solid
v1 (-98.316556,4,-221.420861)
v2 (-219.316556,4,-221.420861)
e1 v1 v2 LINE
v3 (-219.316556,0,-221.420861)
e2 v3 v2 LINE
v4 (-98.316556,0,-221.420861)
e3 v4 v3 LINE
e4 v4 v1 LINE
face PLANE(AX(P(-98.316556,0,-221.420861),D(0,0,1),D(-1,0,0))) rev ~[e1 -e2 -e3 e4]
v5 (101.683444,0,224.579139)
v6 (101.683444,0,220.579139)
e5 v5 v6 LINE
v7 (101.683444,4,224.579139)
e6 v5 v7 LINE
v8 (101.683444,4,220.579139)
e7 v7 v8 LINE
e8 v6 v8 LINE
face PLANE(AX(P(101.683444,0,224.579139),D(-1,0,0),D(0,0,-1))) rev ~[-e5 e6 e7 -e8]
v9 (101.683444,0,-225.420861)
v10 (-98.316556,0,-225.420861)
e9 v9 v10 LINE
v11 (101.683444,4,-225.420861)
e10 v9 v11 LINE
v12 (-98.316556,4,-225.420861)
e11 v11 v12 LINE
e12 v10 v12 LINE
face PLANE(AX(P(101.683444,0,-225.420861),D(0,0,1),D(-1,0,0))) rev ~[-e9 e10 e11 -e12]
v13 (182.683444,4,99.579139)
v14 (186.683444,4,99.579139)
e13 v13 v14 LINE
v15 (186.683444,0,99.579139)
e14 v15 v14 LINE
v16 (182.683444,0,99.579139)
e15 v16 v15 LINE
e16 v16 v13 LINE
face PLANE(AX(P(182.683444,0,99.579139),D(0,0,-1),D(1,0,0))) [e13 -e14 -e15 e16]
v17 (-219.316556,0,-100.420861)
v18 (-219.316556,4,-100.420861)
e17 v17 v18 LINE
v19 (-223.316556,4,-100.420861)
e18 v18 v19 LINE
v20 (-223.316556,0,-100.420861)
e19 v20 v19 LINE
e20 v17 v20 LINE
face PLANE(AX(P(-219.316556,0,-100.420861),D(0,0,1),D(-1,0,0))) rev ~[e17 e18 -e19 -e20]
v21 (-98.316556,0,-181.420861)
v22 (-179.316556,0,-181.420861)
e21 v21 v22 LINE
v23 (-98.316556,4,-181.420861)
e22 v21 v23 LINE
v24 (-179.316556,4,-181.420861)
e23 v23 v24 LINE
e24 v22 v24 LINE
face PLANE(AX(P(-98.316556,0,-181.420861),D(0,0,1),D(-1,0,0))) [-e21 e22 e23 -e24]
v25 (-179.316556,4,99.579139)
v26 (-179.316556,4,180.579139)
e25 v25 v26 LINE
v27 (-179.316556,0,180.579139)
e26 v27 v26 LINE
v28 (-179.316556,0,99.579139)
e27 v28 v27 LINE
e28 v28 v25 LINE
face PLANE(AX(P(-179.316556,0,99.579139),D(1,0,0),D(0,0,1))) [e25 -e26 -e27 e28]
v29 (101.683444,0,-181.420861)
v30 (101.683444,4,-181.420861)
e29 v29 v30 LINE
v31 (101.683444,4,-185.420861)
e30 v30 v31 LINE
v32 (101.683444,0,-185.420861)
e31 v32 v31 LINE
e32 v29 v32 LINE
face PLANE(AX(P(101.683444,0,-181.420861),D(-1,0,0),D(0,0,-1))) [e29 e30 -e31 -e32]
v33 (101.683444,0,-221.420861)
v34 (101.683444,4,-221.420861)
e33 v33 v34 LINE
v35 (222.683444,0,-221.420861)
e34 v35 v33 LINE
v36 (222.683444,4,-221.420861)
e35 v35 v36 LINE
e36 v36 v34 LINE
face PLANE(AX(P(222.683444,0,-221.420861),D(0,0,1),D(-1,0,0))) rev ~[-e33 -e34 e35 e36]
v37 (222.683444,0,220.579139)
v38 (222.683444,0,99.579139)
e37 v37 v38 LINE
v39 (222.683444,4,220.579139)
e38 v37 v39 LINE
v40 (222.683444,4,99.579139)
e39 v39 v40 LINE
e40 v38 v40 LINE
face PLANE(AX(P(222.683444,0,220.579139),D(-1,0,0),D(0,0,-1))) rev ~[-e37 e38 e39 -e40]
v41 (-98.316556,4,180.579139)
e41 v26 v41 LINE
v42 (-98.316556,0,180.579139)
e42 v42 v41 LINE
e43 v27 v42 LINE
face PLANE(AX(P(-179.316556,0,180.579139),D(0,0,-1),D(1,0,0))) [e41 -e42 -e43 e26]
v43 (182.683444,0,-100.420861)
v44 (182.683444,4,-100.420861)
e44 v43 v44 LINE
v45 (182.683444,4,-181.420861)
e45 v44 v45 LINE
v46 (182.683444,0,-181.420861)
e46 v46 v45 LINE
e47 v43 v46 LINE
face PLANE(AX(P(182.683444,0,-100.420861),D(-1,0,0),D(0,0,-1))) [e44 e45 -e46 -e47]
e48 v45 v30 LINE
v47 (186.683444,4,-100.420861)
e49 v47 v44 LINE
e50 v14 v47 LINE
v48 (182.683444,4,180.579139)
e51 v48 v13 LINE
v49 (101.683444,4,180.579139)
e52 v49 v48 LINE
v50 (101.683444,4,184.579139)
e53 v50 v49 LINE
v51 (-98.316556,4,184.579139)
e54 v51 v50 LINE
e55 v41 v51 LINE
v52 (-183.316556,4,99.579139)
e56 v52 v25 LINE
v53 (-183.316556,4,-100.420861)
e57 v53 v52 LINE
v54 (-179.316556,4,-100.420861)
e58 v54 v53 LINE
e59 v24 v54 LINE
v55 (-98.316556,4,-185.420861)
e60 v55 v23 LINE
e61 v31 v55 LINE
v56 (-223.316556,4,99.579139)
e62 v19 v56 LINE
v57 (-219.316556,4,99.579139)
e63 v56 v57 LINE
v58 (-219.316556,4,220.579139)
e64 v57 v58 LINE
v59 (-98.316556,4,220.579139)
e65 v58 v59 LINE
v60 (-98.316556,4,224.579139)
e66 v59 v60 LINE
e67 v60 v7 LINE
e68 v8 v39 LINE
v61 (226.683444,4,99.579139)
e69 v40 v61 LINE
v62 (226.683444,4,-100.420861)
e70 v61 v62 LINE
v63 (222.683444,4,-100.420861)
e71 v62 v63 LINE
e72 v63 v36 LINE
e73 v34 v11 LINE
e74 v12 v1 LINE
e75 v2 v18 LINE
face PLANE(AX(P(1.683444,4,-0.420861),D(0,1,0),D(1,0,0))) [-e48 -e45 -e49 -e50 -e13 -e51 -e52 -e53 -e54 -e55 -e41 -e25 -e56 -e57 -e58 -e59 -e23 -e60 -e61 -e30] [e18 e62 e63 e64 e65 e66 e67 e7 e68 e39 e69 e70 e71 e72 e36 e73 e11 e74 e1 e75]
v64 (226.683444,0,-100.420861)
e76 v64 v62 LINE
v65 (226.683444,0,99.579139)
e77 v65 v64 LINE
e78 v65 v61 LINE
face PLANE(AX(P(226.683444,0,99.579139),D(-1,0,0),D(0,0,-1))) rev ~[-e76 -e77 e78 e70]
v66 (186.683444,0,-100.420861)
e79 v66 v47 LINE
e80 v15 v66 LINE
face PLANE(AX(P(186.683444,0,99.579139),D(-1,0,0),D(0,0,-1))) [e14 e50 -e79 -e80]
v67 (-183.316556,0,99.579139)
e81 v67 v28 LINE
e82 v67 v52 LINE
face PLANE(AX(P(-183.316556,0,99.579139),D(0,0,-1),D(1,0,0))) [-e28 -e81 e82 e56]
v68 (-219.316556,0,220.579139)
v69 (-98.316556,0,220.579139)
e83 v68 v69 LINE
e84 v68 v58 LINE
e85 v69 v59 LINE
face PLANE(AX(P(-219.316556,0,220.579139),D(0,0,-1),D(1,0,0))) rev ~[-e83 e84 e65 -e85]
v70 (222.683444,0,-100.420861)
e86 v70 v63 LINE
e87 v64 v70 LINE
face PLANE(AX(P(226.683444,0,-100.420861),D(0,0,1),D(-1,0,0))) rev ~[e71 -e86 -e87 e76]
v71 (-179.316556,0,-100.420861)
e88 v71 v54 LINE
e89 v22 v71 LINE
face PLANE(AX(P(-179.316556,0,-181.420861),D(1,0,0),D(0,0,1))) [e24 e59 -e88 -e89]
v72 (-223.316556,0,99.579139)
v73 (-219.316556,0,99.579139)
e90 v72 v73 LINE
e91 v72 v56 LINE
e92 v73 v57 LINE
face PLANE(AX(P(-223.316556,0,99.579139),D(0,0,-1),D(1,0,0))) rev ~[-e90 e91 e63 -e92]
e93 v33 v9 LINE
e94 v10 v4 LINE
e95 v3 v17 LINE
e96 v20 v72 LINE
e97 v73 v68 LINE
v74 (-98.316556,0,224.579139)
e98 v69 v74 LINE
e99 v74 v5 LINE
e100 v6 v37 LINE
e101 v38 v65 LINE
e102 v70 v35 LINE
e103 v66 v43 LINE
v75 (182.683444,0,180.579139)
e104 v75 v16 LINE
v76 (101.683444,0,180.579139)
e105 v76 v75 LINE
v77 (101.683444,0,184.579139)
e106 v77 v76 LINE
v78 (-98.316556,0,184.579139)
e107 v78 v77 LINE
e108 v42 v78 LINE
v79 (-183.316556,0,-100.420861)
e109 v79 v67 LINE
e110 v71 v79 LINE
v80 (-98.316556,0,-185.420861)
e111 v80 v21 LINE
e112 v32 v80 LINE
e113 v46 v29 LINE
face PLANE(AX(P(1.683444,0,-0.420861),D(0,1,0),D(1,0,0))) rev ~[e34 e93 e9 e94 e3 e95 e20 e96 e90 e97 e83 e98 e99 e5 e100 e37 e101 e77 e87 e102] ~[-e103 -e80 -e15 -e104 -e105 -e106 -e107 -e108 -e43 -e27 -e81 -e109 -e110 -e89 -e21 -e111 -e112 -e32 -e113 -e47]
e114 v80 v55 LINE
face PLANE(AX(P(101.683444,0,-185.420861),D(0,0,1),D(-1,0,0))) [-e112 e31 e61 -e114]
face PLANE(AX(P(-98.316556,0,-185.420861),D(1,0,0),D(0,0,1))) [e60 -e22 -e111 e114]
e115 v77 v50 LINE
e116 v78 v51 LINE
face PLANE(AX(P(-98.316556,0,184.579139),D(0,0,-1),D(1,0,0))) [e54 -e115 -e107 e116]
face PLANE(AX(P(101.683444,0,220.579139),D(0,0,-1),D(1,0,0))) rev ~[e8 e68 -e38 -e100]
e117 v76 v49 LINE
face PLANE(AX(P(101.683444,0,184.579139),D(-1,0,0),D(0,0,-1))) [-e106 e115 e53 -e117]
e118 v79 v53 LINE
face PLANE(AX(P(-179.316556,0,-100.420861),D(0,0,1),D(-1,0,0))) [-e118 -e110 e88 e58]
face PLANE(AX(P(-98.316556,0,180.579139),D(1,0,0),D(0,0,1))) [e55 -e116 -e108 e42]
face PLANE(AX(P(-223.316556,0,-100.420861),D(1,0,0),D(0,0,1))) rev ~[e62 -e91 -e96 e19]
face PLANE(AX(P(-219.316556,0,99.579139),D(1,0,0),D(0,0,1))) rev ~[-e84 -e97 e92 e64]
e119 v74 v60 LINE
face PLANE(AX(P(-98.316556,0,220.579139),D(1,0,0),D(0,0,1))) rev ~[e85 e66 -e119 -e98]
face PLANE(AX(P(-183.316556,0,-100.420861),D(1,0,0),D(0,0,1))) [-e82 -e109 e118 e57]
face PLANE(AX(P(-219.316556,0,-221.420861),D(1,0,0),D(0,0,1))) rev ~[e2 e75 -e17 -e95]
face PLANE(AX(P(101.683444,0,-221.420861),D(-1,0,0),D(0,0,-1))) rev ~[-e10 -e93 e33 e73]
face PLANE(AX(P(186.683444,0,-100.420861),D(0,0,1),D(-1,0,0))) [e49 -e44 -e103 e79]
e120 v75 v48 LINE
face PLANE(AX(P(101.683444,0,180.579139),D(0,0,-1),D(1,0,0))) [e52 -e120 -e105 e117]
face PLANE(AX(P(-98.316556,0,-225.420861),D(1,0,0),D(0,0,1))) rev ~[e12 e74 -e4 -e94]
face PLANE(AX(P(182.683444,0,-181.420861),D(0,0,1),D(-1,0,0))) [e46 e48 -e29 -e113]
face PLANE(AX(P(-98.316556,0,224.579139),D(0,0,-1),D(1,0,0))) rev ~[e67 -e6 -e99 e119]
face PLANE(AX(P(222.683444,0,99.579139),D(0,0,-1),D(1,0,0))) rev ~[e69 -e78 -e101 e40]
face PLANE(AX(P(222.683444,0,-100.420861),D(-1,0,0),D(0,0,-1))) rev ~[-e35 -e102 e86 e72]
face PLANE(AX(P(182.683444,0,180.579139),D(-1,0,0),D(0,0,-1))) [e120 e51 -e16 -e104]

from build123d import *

# Parameters (mm, degrees)
BOSS_EXTRUDE1_DEPTH = 4


with BuildPart() as part:
    # Sketch1 → Boss-Extrude1 (new body)
    with BuildSketch(Plane(origin=(0, 0, 0), x_dir=(1, 0, 0), z_dir=(0, 1, 0))):
        Polygon((-219.316556264, 100.420860934), (-223.316556264, 100.420860934), (-223.316556264, -99.579139066), (-219.316556264, -99.579139066), (-219.316556264, -220.579139066), (-98.316556264, -220.579139066), (-98.316556264, -224.579139066), (101.683443736, -224.579139066), (101.683443736, -220.579139066), (222.683443736, -220.579139066), (222.683443736, -99.579139066), (226.683443736, -99.579139066), (226.683443736, 100.420860934), (222.683443736, 100.420860934), (222.683443736, 221.420860934), (101.683443736, 221.420860934), (101.683443736, 225.420860934), (-98.316556264, 225.420860934), (-98.316556264, 221.420860934), (-219.316556264, 221.420860934), align=None)
        Polygon((-179.316556264, -180.579139066), (-98.316556264, -180.579139066), (-98.316556264, -184.579139066), (101.683443736, -184.579139066), (101.683443736, -180.579139066), (182.683443736, -180.579139066), (182.683443736, -99.579139066), (186.683443736, -99.579139066), (186.683443736, 100.420860934), (182.683443736, 100.420860934), (182.683443736, 181.420860934), (101.683443736, 181.420860934), (101.683443736, 185.420860934), (-98.316556264, 185.420860934), (-98.316556264, 181.420860934), (-179.316556264, 181.420860934), (-179.316556264, 100.420860934), (-183.316556264, 100.420860934), (-183.316556264, -99.579139066), (-179.316556264, -99.579139066), align=None, mode=Mode.SUBTRACT)
    extrude(amount=BOSS_EXTRUDE1_DEPTH)


solid = part.part
